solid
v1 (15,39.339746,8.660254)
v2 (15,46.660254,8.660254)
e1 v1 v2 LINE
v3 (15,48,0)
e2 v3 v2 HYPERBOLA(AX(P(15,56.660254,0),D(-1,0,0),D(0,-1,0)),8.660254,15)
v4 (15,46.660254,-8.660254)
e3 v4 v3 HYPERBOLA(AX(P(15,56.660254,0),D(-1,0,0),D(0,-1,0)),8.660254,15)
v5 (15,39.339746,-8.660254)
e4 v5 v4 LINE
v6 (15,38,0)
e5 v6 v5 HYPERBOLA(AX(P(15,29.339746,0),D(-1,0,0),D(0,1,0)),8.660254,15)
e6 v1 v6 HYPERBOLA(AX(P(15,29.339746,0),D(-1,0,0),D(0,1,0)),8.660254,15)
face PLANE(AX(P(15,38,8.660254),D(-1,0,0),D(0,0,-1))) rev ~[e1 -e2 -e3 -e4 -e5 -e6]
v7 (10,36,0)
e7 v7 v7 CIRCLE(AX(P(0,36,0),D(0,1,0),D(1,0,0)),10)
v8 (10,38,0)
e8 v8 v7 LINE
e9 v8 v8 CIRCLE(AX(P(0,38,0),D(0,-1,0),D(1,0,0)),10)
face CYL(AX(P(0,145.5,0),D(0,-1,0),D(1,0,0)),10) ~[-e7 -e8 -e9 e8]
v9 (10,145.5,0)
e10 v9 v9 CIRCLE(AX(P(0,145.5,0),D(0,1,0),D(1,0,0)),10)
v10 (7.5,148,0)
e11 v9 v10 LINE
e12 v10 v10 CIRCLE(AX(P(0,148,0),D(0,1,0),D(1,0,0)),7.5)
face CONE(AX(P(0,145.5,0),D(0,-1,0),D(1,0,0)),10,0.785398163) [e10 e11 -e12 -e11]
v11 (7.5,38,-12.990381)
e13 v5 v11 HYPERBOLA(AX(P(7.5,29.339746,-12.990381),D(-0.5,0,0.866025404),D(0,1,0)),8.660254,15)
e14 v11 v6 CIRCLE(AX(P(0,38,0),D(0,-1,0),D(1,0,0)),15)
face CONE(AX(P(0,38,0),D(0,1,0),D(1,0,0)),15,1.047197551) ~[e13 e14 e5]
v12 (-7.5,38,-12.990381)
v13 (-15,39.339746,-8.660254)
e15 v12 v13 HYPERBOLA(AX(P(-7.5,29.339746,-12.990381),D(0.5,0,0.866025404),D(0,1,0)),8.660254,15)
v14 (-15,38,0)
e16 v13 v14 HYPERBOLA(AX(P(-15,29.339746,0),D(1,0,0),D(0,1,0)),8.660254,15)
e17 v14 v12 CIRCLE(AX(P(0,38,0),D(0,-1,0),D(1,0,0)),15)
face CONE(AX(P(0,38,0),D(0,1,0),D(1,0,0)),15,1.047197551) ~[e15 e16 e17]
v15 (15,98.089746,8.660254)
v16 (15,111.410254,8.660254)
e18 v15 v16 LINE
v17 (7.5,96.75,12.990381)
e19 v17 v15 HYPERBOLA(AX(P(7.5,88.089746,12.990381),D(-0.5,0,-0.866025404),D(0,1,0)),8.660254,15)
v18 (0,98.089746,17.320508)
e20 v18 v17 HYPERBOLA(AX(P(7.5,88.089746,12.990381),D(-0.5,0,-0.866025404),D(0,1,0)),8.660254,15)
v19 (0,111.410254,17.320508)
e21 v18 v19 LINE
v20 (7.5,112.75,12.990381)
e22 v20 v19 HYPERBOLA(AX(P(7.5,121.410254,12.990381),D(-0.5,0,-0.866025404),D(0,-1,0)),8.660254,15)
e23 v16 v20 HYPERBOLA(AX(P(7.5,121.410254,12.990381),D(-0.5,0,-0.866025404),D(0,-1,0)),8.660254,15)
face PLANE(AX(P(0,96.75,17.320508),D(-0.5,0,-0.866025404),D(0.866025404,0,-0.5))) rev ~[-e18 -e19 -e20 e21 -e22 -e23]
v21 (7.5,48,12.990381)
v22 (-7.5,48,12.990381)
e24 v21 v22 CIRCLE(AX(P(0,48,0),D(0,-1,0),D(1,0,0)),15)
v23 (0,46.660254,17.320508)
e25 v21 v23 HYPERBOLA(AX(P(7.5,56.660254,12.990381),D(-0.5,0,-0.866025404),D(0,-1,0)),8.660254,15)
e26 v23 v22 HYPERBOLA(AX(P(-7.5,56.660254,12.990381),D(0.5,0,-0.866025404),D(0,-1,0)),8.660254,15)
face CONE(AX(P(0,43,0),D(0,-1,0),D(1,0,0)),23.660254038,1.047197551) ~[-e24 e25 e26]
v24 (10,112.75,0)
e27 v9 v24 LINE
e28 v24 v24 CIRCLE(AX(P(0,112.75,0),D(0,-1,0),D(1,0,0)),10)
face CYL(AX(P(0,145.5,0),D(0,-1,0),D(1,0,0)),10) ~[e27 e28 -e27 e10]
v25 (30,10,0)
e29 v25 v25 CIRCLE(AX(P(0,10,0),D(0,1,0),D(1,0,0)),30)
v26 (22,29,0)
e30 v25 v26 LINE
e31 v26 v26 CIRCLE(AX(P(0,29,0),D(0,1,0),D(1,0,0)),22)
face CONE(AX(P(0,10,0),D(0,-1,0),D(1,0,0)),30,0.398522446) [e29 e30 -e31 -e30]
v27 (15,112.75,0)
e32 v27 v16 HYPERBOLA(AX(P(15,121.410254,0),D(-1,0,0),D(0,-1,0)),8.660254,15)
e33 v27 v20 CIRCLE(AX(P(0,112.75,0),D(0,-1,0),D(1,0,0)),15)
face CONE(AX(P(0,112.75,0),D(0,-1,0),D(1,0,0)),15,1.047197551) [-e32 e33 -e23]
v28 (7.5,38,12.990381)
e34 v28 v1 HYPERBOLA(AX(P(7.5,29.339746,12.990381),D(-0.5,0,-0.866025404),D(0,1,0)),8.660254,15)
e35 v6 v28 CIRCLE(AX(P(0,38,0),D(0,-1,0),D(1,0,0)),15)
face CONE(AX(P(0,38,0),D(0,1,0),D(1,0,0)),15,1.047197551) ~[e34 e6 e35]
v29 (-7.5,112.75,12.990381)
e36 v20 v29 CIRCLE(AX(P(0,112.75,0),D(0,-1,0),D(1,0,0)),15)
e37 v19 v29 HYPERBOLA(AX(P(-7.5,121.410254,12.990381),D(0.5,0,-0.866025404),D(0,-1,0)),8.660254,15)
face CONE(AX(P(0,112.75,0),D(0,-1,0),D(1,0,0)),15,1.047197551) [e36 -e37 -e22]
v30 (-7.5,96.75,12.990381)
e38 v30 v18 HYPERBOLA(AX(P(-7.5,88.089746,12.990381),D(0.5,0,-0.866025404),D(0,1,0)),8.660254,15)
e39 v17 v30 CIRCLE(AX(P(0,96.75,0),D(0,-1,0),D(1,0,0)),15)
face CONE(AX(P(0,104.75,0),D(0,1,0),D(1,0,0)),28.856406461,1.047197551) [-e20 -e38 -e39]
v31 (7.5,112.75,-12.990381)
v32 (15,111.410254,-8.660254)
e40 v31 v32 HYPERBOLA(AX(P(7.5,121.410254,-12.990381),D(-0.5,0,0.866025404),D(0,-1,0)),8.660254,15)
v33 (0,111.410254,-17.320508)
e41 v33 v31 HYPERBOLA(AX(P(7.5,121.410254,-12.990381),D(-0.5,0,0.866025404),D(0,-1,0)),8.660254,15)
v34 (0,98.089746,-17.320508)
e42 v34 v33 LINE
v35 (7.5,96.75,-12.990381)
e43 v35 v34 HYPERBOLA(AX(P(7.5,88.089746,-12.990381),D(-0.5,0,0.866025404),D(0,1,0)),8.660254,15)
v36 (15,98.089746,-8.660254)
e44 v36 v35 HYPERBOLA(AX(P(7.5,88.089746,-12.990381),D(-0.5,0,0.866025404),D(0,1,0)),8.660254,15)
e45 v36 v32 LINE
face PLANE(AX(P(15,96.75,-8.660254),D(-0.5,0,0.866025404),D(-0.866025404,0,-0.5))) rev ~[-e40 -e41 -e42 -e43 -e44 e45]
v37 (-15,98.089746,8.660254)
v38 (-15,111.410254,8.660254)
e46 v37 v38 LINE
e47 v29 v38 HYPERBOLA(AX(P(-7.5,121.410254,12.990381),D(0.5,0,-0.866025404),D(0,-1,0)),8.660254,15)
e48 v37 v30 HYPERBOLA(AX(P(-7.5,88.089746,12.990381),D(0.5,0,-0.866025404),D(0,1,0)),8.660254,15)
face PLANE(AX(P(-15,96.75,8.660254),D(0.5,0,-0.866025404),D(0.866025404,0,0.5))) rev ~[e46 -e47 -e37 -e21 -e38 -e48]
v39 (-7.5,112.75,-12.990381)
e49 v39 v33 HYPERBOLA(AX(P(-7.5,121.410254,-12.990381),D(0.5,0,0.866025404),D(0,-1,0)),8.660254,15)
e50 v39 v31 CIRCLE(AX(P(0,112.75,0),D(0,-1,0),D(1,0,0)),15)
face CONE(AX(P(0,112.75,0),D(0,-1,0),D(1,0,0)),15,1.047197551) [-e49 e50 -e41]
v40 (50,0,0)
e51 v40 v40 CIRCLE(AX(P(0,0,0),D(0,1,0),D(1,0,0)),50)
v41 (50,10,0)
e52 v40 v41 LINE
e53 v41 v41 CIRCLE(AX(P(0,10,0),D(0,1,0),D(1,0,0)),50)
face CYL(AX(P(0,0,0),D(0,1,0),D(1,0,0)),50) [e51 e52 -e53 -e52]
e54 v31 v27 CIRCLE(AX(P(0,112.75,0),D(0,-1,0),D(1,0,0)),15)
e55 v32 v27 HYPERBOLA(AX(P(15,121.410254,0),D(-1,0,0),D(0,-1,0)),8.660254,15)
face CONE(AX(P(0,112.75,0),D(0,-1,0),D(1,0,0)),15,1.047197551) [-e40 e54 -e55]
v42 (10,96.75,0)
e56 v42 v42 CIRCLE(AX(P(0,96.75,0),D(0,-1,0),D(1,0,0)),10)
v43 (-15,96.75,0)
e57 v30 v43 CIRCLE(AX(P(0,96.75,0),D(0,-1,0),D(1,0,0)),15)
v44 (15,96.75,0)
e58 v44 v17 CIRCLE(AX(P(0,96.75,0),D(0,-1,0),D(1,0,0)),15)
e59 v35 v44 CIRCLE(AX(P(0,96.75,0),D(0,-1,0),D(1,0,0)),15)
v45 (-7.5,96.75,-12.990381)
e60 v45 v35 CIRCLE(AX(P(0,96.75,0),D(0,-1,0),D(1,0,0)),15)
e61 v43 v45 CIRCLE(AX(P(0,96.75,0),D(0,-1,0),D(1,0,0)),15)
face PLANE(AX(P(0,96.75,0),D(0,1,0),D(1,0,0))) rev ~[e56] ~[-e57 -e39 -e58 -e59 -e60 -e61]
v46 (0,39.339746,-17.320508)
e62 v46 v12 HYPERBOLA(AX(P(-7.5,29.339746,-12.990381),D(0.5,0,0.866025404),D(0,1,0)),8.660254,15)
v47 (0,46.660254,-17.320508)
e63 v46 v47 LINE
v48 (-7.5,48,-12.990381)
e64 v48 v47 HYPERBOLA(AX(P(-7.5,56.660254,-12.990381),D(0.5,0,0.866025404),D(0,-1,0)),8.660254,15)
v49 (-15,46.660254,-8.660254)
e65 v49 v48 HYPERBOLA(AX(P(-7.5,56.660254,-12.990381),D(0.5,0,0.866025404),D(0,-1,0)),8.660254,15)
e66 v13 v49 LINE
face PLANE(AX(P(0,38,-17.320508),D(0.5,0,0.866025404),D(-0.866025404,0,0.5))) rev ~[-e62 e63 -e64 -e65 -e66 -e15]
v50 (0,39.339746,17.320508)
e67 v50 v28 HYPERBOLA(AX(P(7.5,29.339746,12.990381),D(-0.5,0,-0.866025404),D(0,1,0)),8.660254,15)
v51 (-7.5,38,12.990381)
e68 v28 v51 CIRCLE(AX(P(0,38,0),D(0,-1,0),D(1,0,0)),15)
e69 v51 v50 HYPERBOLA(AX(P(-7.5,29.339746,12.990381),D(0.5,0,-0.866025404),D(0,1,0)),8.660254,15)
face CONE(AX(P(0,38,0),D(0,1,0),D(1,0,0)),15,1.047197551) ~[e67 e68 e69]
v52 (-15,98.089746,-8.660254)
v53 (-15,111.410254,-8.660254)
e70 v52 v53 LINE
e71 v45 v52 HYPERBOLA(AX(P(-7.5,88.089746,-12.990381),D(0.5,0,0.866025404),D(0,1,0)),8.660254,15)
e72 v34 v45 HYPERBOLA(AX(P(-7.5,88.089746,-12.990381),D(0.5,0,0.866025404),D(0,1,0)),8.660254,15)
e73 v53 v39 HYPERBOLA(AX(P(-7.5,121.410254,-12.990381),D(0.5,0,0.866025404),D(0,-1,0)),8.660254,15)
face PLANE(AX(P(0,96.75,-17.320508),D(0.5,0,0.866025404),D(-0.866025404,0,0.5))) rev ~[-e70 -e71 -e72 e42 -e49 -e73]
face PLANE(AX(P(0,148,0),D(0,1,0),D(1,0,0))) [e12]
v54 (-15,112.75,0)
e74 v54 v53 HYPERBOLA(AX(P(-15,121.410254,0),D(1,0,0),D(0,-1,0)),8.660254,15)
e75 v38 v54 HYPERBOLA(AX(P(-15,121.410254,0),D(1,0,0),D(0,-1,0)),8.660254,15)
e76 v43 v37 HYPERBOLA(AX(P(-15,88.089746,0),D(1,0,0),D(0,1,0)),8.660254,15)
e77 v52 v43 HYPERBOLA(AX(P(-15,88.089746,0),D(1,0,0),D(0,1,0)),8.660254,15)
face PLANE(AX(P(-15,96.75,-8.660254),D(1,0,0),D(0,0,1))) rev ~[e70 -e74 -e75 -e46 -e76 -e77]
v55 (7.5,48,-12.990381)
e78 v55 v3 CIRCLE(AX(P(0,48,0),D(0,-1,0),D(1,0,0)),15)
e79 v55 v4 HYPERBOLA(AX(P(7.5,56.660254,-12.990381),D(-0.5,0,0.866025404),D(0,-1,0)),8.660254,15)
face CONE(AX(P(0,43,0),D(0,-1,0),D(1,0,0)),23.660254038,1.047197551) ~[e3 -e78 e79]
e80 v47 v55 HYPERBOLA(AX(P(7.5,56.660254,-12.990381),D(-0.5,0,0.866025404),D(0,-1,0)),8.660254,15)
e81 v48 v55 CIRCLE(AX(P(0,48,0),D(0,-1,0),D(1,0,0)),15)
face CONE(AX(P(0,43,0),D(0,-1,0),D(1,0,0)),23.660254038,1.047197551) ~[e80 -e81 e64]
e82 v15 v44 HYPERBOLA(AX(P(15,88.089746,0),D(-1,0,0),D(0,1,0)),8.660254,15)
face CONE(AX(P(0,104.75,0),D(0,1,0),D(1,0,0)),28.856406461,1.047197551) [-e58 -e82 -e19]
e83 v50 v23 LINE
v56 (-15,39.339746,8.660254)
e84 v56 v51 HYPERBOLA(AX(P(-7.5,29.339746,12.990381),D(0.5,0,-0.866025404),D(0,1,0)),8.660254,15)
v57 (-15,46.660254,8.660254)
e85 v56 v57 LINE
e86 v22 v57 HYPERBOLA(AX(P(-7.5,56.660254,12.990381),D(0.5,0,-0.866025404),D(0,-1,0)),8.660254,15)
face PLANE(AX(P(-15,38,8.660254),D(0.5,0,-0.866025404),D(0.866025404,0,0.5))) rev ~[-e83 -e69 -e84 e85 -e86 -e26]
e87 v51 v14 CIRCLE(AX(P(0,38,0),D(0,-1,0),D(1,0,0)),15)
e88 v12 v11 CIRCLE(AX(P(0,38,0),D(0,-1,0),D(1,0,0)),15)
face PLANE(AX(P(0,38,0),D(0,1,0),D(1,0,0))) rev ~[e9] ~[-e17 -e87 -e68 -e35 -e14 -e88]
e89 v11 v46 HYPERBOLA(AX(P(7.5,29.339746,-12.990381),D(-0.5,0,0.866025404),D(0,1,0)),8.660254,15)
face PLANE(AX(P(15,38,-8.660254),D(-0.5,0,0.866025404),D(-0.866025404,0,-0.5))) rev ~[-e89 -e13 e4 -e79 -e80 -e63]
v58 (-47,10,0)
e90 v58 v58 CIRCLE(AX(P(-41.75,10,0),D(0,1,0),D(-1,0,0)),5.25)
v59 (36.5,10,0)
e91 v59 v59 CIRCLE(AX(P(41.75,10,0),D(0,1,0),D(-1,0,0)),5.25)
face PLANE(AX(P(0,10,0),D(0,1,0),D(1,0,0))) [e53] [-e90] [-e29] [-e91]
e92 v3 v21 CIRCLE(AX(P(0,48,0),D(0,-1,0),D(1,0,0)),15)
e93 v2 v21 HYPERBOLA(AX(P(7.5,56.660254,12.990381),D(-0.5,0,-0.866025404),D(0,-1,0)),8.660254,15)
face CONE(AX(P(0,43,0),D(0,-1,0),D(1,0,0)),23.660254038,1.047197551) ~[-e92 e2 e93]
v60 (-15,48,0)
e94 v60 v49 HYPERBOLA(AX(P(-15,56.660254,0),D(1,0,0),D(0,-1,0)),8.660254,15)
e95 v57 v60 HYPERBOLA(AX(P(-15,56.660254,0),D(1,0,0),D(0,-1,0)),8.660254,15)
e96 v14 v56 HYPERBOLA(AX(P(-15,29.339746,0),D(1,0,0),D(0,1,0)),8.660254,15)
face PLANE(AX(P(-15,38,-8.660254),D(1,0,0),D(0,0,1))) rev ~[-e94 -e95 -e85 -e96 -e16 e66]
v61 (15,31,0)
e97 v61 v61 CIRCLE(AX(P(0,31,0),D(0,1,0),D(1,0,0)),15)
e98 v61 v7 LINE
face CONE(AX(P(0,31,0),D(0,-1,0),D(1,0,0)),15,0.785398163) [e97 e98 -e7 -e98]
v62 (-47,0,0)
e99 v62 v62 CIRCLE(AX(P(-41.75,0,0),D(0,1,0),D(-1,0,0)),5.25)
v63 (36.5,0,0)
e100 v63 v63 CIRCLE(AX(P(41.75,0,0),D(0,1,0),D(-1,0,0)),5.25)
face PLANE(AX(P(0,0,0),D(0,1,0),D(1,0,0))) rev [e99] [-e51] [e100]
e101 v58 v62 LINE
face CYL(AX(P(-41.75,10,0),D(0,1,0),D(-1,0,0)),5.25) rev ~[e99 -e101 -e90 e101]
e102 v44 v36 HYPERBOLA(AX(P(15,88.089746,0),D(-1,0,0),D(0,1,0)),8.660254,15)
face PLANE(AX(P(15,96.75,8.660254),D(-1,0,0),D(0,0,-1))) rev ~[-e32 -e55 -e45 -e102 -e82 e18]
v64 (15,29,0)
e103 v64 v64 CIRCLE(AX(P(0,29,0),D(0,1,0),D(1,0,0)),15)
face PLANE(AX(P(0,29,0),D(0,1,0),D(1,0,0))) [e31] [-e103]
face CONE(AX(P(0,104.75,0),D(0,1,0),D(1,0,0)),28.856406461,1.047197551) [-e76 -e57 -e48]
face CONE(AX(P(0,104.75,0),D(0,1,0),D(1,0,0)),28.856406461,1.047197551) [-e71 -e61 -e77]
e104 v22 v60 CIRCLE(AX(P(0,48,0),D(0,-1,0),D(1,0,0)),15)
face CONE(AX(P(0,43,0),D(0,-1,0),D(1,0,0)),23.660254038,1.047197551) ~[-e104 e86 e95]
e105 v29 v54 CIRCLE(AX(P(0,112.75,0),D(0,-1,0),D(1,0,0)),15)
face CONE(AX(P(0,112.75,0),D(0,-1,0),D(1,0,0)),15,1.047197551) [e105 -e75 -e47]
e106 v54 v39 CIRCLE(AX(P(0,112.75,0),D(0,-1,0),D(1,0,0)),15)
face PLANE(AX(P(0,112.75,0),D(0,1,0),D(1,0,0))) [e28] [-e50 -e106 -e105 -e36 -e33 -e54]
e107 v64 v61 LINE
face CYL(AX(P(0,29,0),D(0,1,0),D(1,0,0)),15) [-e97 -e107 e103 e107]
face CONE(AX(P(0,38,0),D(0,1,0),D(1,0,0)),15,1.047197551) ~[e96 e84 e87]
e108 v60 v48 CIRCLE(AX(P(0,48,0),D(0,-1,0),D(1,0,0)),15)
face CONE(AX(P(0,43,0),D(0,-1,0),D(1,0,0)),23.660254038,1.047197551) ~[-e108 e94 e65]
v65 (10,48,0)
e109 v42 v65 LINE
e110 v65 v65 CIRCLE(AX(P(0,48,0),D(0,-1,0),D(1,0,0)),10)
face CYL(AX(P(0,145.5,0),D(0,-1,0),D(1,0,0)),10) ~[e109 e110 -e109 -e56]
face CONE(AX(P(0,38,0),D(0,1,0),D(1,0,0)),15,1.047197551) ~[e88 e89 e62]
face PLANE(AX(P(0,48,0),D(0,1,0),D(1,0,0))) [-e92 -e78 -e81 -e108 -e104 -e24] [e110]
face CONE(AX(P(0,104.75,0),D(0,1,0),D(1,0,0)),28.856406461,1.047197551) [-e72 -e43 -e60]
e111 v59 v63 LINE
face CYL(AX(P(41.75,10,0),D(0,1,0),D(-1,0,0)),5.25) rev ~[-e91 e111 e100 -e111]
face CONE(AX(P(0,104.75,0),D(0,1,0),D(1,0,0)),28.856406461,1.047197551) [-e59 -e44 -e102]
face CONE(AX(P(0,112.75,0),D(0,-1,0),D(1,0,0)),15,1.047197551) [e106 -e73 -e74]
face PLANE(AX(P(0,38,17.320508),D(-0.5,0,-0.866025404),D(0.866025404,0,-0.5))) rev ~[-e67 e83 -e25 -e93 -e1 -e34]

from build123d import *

# Parameters (mm, degrees)
EXTRUDE_1_DEPTH     = 10
EXTRUDE_2_DEPTH     = 16
SKETCH_5_R          = 5.25
CUT_EXTRUDE_1_DEPTH = 11


with BuildPart() as part:
    # Эскиз1 → Повернуть1 (revolve)
    with BuildSketch(Plane.XY, mode=Mode.PRIVATE) as revolve_1_sk:
        Polygon((0, 0), (-50, 0), (-50, 10), (-30, 10), (-22, 29), (-15, 29), (-15, 31), (-10, 36), (-10, 38), (-10, 48), (-10, 145.5), (-7.5, 148), (0, 148), align=None)
    revolve(revolve_1_sk.sketch.rotate(Axis((0, 0, 0), (0, 1, 0)), 180), axis=Axis((0, 0, 0), (0, 1, 0)))  # turned: the seam where the file's is

    # Эскиз2 → Бобышка-Вытянуть1 (add)
    with BuildSketch(Plane(origin=(0, 38, 0), x_dir=(1, 0, 0), z_dir=(0, 1, 0))):
        Polygon((0, 17.320508076), (-15, 8.660254038), (-15, -8.660254038), (0, -17.320508076), (15, -8.660254038), (15, 8.660254038), align=None)
    extrude(amount=EXTRUDE_1_DEPTH)

    # Эскиз3 → Бобышка-Вытянуть2 (add)
    with BuildSketch(Plane(origin=(0, 96.75, 0), x_dir=(1, 0, 0), z_dir=(0, 1, 0))):
        Polygon((15, 8.660254038), (0, 17.320508076), (-15, 8.660254038), (-15, -8.660254038), (0, -17.320508076), (15, -8.660254038), align=None)
    extrude(amount=EXTRUDE_2_DEPTH)

    # Эскиз4 → Вырез-Повернуть2 (revolve, cut)
    with BuildSketch(Plane.XY, mode=Mode.PRIVATE) as cut_revolve_2_sk:
        Polygon((-28.856406461, 112.75), (-15, 112.75), (-28.856406461, 104.75), align=None)
        Polygon((-28.856406461, 96.75), (-28.856406461, 104.75), (-15, 96.75), align=None)
        Polygon((-23.660254038, 48), (-23.660254038, 43), (-15, 48), align=None)
        Polygon((-23.660254038, 43), (-23.660254038, 38), (-15, 38), align=None)
    revolve(cut_revolve_2_sk.sketch.rotate(Axis((0, 148, 0), (0, -1, 0)), 180), axis=Axis((0, 148, 0), (0, -1, 0)), mode=Mode.SUBTRACT)  # turned: the seam where the file's is

    # Эскиз5 → Вырез-Вытянуть1 (cut, through all)
    with BuildSketch(Plane(origin=(0, 10, 0), x_dir=(1, 0, 0), z_dir=(0, 1, 0))):
        with Locations(Location((-41.75, 0, 0), (0, 0, 180))):  # turned: the seam where the file's is
            Circle(SKETCH_5_R)
        with Locations(Location((41.75, 0, 0), (0, 0, 180))):  # turned: the seam where the file's is
            Circle(SKETCH_5_R)
    extrude(amount=-CUT_EXTRUDE_1_DEPTH, mode=Mode.SUBTRACT)


solid = part.part
